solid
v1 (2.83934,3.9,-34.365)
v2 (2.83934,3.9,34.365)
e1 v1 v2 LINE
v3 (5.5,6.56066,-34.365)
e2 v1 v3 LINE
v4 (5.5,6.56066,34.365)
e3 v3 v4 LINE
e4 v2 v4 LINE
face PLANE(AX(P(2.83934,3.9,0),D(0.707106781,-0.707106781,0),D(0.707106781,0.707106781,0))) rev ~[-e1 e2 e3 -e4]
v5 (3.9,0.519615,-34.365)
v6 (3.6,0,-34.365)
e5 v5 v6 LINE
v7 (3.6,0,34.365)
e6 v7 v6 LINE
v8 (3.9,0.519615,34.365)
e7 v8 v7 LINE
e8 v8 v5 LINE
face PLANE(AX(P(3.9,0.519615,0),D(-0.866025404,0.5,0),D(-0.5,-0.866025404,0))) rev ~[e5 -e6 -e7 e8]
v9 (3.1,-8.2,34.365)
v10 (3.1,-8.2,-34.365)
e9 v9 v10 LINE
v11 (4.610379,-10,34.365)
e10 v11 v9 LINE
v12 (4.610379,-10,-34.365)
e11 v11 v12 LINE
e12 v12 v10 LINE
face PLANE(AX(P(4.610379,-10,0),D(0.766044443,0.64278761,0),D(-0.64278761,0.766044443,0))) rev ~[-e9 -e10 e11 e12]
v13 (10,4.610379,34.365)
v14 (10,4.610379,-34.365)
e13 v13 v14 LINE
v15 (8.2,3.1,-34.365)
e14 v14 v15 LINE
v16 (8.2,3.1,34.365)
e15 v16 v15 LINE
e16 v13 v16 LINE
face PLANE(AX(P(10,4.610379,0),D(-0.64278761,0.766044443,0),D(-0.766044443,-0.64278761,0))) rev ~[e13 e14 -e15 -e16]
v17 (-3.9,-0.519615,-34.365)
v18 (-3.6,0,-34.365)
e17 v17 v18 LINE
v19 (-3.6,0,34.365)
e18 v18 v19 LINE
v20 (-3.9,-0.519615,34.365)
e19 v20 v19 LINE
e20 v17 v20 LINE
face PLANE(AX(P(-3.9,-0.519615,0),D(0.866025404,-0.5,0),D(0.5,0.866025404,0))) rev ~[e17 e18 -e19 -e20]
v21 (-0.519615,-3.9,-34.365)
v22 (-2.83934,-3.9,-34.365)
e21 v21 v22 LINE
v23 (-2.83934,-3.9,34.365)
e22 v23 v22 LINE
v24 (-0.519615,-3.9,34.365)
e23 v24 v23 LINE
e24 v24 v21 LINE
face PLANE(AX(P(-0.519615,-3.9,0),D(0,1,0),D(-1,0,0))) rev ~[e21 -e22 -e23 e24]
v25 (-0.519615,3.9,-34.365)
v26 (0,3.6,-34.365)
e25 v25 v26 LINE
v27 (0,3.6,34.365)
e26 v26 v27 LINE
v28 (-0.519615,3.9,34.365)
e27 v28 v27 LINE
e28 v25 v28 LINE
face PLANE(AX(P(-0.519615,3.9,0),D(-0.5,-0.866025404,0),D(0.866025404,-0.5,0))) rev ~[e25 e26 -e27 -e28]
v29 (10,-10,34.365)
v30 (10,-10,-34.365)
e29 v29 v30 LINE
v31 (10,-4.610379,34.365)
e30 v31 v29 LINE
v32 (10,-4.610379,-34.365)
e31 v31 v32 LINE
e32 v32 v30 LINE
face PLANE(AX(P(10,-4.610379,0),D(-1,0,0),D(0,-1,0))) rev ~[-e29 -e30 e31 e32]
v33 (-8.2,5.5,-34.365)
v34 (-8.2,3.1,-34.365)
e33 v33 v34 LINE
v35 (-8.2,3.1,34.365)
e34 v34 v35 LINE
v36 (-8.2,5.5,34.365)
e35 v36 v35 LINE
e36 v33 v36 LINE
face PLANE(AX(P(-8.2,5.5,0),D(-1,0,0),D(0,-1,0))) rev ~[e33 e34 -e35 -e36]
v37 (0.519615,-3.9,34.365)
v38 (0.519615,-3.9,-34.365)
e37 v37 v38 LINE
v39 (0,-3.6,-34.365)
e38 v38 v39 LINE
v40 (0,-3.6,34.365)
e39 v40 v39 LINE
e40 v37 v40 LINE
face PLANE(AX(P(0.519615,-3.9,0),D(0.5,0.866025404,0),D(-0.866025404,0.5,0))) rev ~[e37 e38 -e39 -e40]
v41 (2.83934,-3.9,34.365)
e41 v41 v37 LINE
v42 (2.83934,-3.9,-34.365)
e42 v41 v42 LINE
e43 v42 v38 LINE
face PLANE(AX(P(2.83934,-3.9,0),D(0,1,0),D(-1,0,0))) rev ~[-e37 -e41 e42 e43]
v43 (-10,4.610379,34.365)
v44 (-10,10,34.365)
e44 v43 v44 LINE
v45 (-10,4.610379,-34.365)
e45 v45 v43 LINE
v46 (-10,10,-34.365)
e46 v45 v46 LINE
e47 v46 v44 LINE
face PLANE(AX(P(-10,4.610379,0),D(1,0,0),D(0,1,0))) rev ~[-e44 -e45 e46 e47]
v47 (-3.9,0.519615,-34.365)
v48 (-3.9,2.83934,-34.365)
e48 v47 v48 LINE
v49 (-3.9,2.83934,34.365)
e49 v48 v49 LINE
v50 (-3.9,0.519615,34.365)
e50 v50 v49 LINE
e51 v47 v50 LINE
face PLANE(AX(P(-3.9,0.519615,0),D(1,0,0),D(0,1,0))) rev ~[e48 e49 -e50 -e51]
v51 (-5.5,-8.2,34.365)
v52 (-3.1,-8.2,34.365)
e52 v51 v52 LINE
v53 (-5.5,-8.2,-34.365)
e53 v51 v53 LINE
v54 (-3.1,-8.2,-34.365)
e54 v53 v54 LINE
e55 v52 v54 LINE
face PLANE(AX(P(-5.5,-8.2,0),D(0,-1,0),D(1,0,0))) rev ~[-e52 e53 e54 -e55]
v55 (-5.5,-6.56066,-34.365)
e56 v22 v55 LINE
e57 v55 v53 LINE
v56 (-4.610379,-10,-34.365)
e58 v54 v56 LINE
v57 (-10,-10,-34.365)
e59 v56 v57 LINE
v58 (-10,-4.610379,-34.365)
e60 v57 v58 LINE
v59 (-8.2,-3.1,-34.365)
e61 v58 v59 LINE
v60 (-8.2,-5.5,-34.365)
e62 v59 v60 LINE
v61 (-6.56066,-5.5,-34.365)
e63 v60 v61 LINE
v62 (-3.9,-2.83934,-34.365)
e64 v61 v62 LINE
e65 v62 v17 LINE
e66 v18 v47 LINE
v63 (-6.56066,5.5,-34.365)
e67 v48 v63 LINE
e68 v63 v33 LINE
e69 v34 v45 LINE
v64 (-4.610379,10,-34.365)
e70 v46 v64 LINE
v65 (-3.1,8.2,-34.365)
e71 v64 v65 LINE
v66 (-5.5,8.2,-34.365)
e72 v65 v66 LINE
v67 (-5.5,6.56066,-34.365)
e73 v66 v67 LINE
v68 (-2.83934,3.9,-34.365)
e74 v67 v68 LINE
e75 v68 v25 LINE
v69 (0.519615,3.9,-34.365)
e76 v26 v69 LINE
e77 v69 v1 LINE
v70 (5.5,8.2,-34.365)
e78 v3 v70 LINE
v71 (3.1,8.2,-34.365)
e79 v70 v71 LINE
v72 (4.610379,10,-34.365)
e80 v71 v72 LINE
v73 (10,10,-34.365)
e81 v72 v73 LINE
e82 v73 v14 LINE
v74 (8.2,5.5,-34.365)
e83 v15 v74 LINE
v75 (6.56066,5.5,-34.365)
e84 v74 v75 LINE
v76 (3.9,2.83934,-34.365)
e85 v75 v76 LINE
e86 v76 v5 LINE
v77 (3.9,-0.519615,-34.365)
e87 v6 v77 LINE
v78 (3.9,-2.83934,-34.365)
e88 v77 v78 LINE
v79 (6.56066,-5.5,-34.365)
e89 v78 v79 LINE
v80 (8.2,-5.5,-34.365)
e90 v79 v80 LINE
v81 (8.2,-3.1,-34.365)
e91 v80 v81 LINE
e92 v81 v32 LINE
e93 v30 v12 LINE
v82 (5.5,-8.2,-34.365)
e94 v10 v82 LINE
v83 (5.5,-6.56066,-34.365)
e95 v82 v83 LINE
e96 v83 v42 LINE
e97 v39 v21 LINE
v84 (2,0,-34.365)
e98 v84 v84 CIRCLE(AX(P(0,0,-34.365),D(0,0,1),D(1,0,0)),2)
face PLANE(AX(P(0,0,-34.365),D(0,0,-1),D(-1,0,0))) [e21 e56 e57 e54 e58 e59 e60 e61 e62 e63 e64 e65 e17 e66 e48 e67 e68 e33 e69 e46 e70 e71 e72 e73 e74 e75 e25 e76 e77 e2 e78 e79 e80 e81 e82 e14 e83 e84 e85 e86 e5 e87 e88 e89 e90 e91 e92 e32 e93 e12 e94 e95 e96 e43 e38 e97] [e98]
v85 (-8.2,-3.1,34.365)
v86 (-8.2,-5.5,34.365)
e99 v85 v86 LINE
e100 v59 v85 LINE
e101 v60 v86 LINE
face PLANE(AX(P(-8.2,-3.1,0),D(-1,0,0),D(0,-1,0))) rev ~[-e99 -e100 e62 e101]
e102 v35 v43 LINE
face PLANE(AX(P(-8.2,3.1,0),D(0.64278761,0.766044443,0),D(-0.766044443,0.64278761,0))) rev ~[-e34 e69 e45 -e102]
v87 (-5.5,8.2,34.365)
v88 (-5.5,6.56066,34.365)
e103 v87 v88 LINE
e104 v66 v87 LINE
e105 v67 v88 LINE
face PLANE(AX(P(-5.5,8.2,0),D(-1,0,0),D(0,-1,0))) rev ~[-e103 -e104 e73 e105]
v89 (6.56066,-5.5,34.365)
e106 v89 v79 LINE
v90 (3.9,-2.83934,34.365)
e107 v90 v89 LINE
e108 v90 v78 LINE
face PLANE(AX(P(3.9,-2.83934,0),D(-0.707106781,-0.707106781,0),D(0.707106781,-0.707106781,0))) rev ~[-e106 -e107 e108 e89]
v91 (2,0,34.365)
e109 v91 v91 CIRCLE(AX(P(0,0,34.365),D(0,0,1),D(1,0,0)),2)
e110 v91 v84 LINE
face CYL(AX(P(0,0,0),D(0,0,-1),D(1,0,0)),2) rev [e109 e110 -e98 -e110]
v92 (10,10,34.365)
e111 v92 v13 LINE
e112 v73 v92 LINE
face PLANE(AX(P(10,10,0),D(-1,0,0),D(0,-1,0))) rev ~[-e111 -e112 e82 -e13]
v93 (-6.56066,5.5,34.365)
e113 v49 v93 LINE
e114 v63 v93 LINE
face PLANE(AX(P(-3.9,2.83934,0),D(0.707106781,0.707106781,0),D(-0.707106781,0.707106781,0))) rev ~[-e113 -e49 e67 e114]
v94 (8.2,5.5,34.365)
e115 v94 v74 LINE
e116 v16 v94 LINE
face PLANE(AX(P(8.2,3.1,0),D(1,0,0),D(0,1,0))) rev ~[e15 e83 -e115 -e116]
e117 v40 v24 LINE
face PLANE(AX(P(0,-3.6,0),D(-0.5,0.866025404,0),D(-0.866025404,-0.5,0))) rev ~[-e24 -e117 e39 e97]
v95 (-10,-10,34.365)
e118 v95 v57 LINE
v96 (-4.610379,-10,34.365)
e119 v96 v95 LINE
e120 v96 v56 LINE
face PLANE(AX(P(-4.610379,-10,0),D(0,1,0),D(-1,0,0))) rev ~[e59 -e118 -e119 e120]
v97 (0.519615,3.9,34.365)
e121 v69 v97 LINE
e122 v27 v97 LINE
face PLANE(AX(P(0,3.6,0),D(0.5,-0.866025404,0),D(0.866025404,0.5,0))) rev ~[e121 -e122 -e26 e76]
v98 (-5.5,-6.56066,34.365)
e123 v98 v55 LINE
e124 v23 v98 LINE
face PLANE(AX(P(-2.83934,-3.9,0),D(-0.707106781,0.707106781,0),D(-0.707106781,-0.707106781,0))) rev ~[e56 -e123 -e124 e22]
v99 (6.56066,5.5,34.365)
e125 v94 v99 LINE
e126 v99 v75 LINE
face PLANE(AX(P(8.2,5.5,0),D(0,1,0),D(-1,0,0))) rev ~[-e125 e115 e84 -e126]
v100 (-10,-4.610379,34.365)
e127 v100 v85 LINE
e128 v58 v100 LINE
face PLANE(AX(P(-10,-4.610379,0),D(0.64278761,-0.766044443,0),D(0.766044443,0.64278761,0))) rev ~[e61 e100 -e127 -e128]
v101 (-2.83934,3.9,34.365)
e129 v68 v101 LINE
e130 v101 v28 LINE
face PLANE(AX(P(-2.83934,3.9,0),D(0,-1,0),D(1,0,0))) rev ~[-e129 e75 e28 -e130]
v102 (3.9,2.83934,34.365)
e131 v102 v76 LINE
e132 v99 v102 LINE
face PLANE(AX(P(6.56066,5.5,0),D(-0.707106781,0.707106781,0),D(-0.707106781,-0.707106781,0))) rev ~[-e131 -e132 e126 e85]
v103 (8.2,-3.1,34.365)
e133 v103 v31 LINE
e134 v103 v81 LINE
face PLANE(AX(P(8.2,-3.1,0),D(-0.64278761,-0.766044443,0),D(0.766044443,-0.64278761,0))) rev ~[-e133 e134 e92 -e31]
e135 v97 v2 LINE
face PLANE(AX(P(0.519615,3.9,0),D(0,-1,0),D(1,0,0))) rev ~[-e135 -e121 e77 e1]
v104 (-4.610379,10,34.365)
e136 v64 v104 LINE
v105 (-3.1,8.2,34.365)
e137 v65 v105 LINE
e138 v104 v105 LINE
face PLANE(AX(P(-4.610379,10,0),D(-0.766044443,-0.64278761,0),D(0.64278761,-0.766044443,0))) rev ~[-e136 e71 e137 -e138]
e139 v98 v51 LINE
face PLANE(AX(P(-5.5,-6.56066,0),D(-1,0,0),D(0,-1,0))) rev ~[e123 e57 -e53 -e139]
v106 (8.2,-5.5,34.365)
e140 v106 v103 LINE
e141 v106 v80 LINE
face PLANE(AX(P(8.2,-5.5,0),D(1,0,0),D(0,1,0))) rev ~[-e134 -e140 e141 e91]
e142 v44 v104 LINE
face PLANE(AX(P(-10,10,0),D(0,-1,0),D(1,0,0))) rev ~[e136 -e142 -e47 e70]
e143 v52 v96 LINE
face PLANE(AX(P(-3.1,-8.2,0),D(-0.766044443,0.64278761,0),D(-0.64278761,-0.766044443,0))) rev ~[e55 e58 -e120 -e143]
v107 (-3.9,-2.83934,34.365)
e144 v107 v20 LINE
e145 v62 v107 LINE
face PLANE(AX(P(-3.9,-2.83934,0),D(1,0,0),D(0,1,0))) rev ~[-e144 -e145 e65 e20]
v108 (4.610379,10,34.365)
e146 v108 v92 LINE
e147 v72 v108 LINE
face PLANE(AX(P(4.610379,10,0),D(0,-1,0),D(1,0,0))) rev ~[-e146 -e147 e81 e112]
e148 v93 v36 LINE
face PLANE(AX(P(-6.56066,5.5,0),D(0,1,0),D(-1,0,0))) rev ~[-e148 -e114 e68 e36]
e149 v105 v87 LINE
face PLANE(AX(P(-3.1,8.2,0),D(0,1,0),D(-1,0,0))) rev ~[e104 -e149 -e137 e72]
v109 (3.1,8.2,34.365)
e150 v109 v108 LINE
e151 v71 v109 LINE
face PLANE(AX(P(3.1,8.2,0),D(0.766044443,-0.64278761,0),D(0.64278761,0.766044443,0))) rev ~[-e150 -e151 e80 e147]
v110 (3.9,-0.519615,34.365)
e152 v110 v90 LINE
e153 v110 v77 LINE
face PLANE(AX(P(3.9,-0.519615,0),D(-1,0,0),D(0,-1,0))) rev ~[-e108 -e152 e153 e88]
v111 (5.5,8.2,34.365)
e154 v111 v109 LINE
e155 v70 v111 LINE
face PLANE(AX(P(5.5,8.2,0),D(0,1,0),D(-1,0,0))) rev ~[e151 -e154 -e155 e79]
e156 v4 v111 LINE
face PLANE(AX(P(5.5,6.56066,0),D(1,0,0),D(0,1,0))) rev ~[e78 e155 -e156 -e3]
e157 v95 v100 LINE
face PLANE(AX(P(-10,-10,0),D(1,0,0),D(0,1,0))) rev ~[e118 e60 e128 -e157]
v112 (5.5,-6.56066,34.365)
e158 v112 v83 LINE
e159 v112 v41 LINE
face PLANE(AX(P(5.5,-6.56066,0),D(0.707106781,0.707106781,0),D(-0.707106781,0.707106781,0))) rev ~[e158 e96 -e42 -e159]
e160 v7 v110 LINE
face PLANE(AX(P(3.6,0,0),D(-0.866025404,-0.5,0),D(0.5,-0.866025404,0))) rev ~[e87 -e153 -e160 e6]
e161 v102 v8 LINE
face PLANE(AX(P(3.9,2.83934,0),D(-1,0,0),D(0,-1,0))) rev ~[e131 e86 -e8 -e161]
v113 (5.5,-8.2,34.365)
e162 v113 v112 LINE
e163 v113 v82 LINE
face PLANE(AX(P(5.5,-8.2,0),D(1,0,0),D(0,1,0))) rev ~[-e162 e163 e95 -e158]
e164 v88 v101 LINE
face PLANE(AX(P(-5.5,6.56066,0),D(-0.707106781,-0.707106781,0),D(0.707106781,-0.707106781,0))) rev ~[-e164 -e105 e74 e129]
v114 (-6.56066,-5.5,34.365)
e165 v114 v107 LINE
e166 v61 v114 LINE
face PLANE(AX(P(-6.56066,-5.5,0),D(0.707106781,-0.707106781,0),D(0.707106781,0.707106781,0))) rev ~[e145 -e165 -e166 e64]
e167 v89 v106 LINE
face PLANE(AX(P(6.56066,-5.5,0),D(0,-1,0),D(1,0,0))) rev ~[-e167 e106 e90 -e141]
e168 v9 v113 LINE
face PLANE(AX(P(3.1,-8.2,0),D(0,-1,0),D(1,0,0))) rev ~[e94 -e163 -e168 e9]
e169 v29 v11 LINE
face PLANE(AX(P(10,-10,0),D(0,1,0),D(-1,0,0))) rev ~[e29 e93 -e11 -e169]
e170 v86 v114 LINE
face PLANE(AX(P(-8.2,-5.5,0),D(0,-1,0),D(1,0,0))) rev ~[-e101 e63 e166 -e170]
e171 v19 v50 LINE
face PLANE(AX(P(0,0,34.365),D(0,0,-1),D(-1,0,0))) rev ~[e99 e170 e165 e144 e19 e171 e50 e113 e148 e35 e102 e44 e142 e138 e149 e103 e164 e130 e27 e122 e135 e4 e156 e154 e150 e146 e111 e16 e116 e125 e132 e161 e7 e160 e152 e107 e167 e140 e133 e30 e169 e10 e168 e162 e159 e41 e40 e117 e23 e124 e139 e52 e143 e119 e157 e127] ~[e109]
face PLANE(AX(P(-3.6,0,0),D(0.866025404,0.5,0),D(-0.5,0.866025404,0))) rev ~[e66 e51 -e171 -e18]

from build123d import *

# Parameters (mm, degrees)
SKETCH1_R           = 2
BOSS_EXTRUDE1_DEPTH = 34.365


with BuildPart() as part:
    # Sketch1 → Boss-Extrude1 (new body, symmetric)
    with BuildSketch(Plane.XY):
        Polygon((10, 10), (10, 4.610379336), (8.2, 3.1), (8.2, 5.5), (6.560660172, 5.5), (3.9, 2.839339828), (3.9, 0.519615242), (3.6, 0), (3.9, -0.519615242), (3.9, -2.839339828), (6.560660172, -5.5), (8.2, -5.5), (8.2, -3.1), (10, -4.610379336), (10, -10), (4.610379336, -10), (3.1, -8.2), (5.5, -8.2), (5.5, -6.560660172), (2.839339828, -3.9), (0.519615242, -3.9), (0, -3.6), (-0.519615242, -3.9), (-2.839339828, -3.9), (-5.5, -6.560660172), (-5.5, -8.2), (-3.1, -8.2), (-4.610379336, -10), (-10, -10), (-10, -4.610379336), (-8.2, -3.1), (-8.2, -5.5), (-6.560660172, -5.5), (-3.9, -2.839339828), (-3.9, -0.519615242), (-3.6, 0), (-3.9, 0.519615242), (-3.9, 2.839339828), (-6.560660172, 5.5), (-8.2, 5.5), (-8.2, 3.1), (-10, 4.610379336), (-10, 10), (-4.610379336, 10), (-3.1, 8.2), (-5.5, 8.2), (-5.5, 6.560660172), (-2.839339828, 3.9), (-0.519615242, 3.9), (0, 3.6), (0.519615242, 3.9), (2.839339828, 3.9), (5.5, 6.560660172), (5.5, 8.2), (3.1, 8.2), (4.610379336, 10), align=None)
        Circle(SKETCH1_R, mode=Mode.SUBTRACT)
    extrude(amount=BOSS_EXTRUDE1_DEPTH, both=True)


solid = part.part
